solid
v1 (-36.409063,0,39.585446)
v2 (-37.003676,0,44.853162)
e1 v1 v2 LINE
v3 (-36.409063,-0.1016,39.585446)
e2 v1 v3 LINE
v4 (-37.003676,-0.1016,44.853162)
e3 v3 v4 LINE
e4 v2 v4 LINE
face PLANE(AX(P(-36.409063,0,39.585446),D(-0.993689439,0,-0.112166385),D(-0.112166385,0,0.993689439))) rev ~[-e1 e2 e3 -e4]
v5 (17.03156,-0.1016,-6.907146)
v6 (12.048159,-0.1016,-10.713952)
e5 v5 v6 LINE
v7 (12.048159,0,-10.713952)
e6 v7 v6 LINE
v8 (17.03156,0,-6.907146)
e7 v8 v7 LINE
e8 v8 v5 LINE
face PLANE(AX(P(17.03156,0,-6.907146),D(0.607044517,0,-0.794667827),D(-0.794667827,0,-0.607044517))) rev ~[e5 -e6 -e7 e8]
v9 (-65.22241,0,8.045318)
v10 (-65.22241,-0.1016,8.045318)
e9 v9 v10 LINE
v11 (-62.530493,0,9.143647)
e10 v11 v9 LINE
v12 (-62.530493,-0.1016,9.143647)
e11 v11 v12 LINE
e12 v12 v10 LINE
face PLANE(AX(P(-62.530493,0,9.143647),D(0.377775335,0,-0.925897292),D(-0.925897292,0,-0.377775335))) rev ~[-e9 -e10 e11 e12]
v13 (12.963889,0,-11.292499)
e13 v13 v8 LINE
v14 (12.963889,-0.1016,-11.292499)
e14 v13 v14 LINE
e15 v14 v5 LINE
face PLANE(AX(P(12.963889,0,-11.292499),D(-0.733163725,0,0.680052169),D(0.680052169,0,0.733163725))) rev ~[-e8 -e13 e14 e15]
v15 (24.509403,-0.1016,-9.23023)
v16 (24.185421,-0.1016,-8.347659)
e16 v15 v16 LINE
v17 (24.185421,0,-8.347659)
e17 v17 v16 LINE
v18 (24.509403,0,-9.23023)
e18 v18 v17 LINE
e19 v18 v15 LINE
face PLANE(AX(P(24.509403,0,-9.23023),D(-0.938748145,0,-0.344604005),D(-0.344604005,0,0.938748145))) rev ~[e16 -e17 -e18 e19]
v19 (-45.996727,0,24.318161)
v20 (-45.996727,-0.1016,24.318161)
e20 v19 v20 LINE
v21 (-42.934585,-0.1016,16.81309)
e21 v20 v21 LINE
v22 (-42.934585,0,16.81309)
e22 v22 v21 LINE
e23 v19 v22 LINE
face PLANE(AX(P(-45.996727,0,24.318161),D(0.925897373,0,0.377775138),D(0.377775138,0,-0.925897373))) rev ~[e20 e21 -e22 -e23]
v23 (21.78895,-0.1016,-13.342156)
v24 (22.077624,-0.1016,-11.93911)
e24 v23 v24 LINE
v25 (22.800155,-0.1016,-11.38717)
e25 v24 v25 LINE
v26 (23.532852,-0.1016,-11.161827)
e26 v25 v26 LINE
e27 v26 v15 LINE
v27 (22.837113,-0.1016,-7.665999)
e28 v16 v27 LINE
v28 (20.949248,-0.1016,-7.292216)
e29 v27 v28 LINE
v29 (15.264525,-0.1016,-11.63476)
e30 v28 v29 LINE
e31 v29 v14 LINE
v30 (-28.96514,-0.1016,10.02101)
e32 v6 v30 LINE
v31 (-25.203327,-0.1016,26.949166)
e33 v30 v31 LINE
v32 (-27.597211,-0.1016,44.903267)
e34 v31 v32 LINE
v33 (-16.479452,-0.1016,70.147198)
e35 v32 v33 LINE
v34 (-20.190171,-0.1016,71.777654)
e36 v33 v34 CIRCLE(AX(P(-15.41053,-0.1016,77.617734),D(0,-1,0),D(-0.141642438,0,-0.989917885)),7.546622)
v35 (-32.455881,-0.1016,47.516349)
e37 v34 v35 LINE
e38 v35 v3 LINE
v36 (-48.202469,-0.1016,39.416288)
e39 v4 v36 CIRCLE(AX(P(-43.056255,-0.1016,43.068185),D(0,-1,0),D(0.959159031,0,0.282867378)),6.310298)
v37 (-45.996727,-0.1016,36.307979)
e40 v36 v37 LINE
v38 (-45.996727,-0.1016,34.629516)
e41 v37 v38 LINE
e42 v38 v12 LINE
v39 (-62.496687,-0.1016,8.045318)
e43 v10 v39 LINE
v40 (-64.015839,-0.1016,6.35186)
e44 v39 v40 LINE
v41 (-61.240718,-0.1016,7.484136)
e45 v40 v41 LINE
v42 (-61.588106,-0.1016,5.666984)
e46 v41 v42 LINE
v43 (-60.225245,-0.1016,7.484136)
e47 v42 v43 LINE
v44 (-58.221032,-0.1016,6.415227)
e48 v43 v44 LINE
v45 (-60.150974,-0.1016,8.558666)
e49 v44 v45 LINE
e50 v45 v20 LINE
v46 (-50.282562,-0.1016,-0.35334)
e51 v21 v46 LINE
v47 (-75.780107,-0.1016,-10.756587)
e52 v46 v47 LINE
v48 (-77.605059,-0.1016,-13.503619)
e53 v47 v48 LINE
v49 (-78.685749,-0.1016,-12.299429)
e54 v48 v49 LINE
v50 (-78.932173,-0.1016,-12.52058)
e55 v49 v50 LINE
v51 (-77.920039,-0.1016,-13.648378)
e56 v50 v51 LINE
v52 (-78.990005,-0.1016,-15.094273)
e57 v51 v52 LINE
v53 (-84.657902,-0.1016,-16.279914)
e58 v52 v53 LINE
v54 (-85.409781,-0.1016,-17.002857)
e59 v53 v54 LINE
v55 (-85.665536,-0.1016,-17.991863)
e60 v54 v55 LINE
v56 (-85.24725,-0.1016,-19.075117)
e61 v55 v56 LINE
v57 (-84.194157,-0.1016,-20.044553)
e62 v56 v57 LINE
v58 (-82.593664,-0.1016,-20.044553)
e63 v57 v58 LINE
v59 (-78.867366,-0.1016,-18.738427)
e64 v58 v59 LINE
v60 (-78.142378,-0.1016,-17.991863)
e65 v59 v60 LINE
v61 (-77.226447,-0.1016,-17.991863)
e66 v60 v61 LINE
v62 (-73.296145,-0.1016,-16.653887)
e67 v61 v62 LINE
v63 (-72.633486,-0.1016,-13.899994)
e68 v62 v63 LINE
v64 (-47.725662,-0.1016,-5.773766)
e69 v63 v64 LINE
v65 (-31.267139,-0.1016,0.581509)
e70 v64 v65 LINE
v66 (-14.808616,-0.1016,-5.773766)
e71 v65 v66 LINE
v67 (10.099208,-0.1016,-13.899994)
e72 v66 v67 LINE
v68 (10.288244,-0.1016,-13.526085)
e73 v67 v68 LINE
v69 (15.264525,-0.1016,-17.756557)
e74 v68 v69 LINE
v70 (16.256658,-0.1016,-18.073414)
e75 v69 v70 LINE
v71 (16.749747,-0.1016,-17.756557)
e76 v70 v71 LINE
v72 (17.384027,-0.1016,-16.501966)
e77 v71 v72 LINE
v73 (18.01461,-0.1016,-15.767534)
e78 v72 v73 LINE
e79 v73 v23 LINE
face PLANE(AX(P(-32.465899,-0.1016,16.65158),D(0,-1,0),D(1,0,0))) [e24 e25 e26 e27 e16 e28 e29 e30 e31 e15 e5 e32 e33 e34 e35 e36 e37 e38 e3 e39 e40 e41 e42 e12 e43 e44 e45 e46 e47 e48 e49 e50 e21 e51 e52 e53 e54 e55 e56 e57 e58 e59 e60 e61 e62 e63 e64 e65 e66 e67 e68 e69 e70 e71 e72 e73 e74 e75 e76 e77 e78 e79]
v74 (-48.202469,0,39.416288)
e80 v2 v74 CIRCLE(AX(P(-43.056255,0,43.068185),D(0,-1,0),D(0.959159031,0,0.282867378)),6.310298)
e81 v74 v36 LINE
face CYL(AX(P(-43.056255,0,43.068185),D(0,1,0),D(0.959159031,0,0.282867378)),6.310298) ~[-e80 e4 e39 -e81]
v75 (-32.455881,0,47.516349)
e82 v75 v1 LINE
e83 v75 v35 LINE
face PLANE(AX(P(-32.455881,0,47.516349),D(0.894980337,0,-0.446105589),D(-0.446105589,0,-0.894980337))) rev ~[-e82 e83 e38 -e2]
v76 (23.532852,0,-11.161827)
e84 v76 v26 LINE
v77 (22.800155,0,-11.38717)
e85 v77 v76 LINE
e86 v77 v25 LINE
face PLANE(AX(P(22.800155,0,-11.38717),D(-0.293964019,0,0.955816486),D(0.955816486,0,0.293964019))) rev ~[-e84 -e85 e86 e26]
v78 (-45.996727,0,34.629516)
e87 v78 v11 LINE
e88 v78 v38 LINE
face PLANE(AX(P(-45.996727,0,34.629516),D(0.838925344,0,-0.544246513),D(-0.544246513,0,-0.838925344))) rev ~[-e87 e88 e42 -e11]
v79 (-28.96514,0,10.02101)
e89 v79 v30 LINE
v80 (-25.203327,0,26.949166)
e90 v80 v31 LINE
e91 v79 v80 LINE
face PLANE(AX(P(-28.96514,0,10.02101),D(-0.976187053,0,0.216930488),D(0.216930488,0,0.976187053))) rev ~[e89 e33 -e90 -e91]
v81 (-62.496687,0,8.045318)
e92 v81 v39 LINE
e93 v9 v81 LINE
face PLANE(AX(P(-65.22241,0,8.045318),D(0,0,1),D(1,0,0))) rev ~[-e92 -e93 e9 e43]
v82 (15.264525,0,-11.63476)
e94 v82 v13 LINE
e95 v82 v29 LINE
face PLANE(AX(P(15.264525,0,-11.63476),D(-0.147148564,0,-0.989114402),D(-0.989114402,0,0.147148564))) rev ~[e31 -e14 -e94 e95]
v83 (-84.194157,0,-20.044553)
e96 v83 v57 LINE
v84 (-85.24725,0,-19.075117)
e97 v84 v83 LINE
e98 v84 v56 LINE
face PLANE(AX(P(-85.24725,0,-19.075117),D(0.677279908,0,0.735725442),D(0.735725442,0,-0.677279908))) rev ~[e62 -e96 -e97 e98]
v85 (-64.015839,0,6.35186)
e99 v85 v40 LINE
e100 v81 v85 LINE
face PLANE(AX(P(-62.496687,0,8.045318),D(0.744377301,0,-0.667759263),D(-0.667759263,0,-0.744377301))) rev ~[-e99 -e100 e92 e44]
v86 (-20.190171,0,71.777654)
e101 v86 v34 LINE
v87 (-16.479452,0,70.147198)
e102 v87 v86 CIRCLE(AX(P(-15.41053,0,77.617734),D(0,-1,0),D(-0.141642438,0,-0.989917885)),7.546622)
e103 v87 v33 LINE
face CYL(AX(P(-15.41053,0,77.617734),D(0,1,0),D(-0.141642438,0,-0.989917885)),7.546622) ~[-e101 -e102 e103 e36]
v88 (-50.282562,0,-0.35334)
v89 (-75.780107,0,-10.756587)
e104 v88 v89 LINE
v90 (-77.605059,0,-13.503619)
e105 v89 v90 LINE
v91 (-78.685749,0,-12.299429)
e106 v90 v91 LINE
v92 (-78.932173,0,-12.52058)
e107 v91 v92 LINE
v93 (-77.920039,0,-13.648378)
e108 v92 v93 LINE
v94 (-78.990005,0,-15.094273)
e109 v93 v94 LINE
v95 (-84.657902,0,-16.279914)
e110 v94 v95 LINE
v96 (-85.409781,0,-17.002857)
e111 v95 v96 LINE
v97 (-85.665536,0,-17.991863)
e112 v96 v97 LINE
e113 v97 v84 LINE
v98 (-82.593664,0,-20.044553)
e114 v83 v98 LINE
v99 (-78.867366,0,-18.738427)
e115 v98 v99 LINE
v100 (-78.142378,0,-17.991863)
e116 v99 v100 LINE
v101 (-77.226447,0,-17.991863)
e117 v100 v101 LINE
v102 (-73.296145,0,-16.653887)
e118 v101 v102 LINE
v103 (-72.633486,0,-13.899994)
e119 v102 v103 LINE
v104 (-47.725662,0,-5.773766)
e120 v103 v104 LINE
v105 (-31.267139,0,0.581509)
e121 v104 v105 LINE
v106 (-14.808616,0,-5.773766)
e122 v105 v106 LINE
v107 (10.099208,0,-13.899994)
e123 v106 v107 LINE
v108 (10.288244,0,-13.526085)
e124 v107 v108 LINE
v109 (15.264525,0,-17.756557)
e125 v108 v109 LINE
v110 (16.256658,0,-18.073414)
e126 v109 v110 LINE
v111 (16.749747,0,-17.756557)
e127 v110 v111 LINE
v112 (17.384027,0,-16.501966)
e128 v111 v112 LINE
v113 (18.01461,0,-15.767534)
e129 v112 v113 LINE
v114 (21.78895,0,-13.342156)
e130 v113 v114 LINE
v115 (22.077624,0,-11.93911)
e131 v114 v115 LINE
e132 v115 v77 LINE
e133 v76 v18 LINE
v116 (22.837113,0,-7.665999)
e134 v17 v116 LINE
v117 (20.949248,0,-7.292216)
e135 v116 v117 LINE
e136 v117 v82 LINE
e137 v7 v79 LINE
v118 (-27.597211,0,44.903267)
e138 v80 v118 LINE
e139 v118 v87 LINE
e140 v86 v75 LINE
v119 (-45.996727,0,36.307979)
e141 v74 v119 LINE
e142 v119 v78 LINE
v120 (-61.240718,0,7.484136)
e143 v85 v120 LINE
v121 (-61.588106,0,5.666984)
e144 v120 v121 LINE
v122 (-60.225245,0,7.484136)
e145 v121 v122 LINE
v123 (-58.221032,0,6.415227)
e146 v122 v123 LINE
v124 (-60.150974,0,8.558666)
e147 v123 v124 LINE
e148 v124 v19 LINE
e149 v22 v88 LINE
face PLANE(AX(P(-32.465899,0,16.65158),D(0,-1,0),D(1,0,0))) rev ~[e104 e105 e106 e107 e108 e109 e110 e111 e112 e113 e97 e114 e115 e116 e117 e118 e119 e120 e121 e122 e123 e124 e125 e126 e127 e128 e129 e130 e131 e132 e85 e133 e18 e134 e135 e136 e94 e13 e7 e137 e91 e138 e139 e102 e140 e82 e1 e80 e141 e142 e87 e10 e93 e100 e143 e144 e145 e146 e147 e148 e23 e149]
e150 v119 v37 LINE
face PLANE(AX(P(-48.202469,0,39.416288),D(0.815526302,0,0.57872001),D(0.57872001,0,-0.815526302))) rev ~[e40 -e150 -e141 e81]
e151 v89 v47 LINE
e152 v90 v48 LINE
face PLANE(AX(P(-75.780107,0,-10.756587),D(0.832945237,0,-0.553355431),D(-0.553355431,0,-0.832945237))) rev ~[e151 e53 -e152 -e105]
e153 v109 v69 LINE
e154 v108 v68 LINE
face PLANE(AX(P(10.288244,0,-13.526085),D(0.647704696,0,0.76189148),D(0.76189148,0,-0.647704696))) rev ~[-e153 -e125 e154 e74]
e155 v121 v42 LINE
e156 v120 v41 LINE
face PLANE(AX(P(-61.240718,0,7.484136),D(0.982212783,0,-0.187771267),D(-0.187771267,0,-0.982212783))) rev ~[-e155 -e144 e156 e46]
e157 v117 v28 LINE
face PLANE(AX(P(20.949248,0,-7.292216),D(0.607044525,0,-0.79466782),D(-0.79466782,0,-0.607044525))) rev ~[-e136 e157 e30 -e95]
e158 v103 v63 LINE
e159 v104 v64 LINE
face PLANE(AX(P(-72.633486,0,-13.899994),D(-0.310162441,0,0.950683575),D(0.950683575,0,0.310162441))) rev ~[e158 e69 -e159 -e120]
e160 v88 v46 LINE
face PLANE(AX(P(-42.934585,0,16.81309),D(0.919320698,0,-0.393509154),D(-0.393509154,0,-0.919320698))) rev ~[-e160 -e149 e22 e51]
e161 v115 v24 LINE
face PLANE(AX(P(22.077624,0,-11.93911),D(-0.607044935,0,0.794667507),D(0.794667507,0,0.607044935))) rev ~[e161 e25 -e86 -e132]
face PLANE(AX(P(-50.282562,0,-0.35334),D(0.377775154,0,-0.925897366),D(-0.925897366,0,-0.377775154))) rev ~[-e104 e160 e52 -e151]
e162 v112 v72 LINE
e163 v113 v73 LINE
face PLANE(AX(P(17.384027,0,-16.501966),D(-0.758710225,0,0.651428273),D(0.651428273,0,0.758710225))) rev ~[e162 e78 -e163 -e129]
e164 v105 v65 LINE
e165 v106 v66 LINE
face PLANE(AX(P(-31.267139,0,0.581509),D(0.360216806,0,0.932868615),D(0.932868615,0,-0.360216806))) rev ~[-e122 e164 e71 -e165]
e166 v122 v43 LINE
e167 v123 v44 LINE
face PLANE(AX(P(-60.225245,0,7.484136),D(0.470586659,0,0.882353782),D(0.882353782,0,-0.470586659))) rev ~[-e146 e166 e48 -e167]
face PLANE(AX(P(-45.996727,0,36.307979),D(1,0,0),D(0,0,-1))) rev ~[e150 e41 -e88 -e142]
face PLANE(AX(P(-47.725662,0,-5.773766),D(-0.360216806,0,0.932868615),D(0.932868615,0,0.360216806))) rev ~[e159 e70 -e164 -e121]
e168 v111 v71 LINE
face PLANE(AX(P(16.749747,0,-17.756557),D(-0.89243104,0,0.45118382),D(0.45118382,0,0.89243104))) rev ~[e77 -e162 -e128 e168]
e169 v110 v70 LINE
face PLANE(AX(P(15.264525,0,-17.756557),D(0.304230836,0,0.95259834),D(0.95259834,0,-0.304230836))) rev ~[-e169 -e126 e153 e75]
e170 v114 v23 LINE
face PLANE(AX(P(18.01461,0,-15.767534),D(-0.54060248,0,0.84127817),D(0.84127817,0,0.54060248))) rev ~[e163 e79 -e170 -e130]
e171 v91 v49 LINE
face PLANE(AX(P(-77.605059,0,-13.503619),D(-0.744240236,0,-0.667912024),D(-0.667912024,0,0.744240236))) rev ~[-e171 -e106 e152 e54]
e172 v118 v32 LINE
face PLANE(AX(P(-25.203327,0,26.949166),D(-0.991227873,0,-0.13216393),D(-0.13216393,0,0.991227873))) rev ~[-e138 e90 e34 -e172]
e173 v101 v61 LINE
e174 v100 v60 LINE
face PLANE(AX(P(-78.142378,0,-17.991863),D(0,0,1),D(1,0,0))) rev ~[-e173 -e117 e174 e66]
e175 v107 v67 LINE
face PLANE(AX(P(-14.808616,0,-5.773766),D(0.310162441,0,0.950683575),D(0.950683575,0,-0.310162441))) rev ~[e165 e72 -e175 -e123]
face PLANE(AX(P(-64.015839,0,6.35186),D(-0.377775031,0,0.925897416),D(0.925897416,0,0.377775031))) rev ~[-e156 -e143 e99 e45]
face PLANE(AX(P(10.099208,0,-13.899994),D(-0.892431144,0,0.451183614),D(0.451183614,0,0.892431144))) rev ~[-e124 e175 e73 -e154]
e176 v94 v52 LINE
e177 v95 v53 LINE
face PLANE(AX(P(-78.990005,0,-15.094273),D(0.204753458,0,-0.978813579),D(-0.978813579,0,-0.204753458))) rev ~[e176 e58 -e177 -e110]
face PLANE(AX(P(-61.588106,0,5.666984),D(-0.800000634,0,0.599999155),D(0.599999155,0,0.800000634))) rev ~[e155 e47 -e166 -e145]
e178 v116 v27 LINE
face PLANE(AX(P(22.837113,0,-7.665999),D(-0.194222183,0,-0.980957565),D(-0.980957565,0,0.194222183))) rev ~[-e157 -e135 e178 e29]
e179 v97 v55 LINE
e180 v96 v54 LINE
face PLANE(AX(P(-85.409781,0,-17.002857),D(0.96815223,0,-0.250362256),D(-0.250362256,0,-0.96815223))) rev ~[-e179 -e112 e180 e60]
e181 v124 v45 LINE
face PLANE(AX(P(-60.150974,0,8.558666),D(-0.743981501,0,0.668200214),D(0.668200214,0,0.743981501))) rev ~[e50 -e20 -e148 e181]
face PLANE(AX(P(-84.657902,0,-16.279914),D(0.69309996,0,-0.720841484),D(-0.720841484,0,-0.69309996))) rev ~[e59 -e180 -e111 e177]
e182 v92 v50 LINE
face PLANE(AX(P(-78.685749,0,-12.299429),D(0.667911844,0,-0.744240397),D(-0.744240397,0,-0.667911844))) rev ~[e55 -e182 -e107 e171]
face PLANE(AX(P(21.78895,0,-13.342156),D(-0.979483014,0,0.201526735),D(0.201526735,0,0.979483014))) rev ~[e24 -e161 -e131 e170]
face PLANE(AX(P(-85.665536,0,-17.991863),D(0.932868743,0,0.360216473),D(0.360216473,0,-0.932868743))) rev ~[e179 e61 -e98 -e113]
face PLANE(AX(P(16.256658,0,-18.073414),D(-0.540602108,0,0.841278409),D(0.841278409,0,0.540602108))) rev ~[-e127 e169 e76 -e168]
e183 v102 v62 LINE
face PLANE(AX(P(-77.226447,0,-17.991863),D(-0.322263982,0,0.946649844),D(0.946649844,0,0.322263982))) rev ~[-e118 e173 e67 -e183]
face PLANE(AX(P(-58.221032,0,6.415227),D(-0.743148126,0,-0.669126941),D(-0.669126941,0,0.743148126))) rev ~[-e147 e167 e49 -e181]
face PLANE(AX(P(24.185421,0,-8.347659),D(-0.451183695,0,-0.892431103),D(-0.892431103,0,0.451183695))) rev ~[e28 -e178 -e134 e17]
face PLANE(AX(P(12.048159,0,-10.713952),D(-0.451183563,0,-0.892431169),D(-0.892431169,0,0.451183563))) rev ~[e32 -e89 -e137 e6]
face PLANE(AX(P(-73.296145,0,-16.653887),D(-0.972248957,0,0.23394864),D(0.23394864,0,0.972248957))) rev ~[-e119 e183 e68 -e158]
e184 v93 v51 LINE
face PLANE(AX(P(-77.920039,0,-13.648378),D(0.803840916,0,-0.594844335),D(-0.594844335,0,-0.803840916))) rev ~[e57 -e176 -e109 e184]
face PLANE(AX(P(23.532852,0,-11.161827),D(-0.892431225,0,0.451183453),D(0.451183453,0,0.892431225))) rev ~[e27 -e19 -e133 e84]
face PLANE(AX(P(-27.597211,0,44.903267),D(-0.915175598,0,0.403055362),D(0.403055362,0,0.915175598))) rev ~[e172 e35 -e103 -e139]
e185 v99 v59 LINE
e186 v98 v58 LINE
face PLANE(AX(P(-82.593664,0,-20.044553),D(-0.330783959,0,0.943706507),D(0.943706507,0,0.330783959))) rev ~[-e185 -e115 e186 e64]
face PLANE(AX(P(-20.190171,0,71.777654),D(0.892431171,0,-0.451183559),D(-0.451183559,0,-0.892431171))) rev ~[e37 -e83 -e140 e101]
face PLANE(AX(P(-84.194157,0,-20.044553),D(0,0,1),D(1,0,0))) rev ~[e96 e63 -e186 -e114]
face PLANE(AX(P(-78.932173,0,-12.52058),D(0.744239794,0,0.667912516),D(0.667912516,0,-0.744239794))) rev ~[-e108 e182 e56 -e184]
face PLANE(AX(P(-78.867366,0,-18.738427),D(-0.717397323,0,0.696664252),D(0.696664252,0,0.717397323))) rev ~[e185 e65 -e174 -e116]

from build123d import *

# Parameters (mm, degrees)
F1_DEPTH = 0.1016


with BuildPart() as f1:
    # F0 (on Front) → F1 (new body)
    with BuildSketch(Plane.XZ):
        with BuildLine():
            Line((-27.597211, 44.903267), (-16.479452, 70.147198))
            ThreePointArc((-16.479452, 70.147198), (-12.374739, 84.52682), (-20.190171, 71.777654))
            Line((-20.190171, 71.777654), (-32.455881, 47.516349))
            Line((-32.455881, 47.516349), (-36.409063, 39.585446))
            Line((-36.409063, 39.585446), (-37.003676, 44.853162))
            ThreePointArc((-37.003676, 44.853162), (-45.812208, 48.744855), (-48.202469, 39.416288))
            Line((-48.202469, 39.416288), (-45.996727, 36.307979))
            Line((-45.996727, 36.307979), (-45.996727, 34.629516))
            Line((-45.996727, 34.629516), (-62.530493, 9.143647))
            Line((-62.530493, 9.143647), (-65.22241, 8.045318))
            Line((-65.22241, 8.045318), (-62.496687, 8.045318))
            Line((-62.496687, 8.045318), (-64.015839, 6.35186))
            Line((-64.015839, 6.35186), (-61.240718, 7.484136))
            Line((-61.240718, 7.484136), (-61.588106, 5.666984))
            Line((-61.588106, 5.666984), (-60.225245, 7.484136))
            Line((-60.225245, 7.484136), (-58.221032, 6.415227))
            Line((-58.221032, 6.415227), (-60.150974, 8.558666))
            Line((-60.150974, 8.558666), (-45.996727, 24.318161))
            Line((-45.996727, 24.318161), (-42.934585, 16.81309))
            Line((-42.934585, 16.81309), (-50.282562, -0.35334))
            Line((-50.282562, -0.35334), (-75.780107, -10.756587))
            Line((-75.780107, -10.756587), (-77.605059, -13.503619))
            Line((-77.605059, -13.503619), (-78.685749, -12.299429))
            Line((-78.685749, -12.299429), (-78.932173, -12.52058))
            Line((-78.932173, -12.52058), (-77.920039, -13.648378))
            Line((-77.920039, -13.648378), (-78.990005, -15.094273))
            Line((-78.990005, -15.094273), (-84.657902, -16.279914))
            Line((-84.657902, -16.279914), (-85.409781, -17.002857))
            Line((-85.409781, -17.002857), (-85.665536, -17.991863))
            Line((-85.665536, -17.991863), (-85.24725, -19.075117))
            Line((-85.24725, -19.075117), (-84.194157, -20.044553))
            Line((-84.194157, -20.044553), (-82.593664, -20.044553))
            Line((-82.593664, -20.044553), (-78.867366, -18.738427))
            Line((-78.867366, -18.738427), (-78.142378, -17.991863))
            Line((-78.142378, -17.991863), (-77.226447, -17.991863))
            Line((-77.226447, -17.991863), (-73.296145, -16.653887))
            Line((-73.296145, -16.653887), (-72.633486, -13.899994))
            Line((-72.633486, -13.899994), (-47.725662, -5.773766))
            Line((-47.725662, -5.773766), (-31.267139, 0.581509))
            Line((-31.267139, 0.581509), (-14.808616, -5.773766))
            Line((-14.808616, -5.773766), (10.099208, -13.899994))
            Line((10.099208, -13.899994), (10.288244, -13.526085))
            Line((10.288244, -13.526085), (15.264525, -17.756557))
            Line((15.264525, -17.756557), (16.256658, -18.073414))
            Line((16.256658, -18.073414), (16.749747, -17.756557))
            Line((16.749747, -17.756557), (17.384027, -16.501966))
            Line((17.384027, -16.501966), (18.01461, -15.767534))
            Line((18.01461, -15.767534), (21.78895, -13.342156))
            Line((21.78895, -13.342156), (22.077624, -11.93911))
            Line((22.077624, -11.93911), (22.800155, -11.38717))
            Line((22.800155, -11.38717), (23.532852, -11.161827))
            Line((23.532852, -11.161827), (24.509403, -9.23023))
            Line((24.509403, -9.23023), (24.185421, -8.347659))
            Line((24.185421, -8.347659), (22.837113, -7.665999))
            Line((22.837113, -7.665999), (20.949248, -7.292216))
            Line((20.949248, -7.292216), (15.264525, -11.63476))
            Line((15.264525, -11.63476), (12.963889, -11.292499))
            Line((12.963889, -11.292499), (17.03156, -6.907146))
            Line((17.03156, -6.907146), (12.048159, -10.713952))
            Line((12.048159, -10.713952), (-28.96514, 10.02101))
            Line((-28.96514, 10.02101), (-25.203327, 26.949166))
            Line((-25.203327, 26.949166), (-27.597211, 44.903267))
        make_face()
    extrude(amount=F1_DEPTH)


solid = f1.part
